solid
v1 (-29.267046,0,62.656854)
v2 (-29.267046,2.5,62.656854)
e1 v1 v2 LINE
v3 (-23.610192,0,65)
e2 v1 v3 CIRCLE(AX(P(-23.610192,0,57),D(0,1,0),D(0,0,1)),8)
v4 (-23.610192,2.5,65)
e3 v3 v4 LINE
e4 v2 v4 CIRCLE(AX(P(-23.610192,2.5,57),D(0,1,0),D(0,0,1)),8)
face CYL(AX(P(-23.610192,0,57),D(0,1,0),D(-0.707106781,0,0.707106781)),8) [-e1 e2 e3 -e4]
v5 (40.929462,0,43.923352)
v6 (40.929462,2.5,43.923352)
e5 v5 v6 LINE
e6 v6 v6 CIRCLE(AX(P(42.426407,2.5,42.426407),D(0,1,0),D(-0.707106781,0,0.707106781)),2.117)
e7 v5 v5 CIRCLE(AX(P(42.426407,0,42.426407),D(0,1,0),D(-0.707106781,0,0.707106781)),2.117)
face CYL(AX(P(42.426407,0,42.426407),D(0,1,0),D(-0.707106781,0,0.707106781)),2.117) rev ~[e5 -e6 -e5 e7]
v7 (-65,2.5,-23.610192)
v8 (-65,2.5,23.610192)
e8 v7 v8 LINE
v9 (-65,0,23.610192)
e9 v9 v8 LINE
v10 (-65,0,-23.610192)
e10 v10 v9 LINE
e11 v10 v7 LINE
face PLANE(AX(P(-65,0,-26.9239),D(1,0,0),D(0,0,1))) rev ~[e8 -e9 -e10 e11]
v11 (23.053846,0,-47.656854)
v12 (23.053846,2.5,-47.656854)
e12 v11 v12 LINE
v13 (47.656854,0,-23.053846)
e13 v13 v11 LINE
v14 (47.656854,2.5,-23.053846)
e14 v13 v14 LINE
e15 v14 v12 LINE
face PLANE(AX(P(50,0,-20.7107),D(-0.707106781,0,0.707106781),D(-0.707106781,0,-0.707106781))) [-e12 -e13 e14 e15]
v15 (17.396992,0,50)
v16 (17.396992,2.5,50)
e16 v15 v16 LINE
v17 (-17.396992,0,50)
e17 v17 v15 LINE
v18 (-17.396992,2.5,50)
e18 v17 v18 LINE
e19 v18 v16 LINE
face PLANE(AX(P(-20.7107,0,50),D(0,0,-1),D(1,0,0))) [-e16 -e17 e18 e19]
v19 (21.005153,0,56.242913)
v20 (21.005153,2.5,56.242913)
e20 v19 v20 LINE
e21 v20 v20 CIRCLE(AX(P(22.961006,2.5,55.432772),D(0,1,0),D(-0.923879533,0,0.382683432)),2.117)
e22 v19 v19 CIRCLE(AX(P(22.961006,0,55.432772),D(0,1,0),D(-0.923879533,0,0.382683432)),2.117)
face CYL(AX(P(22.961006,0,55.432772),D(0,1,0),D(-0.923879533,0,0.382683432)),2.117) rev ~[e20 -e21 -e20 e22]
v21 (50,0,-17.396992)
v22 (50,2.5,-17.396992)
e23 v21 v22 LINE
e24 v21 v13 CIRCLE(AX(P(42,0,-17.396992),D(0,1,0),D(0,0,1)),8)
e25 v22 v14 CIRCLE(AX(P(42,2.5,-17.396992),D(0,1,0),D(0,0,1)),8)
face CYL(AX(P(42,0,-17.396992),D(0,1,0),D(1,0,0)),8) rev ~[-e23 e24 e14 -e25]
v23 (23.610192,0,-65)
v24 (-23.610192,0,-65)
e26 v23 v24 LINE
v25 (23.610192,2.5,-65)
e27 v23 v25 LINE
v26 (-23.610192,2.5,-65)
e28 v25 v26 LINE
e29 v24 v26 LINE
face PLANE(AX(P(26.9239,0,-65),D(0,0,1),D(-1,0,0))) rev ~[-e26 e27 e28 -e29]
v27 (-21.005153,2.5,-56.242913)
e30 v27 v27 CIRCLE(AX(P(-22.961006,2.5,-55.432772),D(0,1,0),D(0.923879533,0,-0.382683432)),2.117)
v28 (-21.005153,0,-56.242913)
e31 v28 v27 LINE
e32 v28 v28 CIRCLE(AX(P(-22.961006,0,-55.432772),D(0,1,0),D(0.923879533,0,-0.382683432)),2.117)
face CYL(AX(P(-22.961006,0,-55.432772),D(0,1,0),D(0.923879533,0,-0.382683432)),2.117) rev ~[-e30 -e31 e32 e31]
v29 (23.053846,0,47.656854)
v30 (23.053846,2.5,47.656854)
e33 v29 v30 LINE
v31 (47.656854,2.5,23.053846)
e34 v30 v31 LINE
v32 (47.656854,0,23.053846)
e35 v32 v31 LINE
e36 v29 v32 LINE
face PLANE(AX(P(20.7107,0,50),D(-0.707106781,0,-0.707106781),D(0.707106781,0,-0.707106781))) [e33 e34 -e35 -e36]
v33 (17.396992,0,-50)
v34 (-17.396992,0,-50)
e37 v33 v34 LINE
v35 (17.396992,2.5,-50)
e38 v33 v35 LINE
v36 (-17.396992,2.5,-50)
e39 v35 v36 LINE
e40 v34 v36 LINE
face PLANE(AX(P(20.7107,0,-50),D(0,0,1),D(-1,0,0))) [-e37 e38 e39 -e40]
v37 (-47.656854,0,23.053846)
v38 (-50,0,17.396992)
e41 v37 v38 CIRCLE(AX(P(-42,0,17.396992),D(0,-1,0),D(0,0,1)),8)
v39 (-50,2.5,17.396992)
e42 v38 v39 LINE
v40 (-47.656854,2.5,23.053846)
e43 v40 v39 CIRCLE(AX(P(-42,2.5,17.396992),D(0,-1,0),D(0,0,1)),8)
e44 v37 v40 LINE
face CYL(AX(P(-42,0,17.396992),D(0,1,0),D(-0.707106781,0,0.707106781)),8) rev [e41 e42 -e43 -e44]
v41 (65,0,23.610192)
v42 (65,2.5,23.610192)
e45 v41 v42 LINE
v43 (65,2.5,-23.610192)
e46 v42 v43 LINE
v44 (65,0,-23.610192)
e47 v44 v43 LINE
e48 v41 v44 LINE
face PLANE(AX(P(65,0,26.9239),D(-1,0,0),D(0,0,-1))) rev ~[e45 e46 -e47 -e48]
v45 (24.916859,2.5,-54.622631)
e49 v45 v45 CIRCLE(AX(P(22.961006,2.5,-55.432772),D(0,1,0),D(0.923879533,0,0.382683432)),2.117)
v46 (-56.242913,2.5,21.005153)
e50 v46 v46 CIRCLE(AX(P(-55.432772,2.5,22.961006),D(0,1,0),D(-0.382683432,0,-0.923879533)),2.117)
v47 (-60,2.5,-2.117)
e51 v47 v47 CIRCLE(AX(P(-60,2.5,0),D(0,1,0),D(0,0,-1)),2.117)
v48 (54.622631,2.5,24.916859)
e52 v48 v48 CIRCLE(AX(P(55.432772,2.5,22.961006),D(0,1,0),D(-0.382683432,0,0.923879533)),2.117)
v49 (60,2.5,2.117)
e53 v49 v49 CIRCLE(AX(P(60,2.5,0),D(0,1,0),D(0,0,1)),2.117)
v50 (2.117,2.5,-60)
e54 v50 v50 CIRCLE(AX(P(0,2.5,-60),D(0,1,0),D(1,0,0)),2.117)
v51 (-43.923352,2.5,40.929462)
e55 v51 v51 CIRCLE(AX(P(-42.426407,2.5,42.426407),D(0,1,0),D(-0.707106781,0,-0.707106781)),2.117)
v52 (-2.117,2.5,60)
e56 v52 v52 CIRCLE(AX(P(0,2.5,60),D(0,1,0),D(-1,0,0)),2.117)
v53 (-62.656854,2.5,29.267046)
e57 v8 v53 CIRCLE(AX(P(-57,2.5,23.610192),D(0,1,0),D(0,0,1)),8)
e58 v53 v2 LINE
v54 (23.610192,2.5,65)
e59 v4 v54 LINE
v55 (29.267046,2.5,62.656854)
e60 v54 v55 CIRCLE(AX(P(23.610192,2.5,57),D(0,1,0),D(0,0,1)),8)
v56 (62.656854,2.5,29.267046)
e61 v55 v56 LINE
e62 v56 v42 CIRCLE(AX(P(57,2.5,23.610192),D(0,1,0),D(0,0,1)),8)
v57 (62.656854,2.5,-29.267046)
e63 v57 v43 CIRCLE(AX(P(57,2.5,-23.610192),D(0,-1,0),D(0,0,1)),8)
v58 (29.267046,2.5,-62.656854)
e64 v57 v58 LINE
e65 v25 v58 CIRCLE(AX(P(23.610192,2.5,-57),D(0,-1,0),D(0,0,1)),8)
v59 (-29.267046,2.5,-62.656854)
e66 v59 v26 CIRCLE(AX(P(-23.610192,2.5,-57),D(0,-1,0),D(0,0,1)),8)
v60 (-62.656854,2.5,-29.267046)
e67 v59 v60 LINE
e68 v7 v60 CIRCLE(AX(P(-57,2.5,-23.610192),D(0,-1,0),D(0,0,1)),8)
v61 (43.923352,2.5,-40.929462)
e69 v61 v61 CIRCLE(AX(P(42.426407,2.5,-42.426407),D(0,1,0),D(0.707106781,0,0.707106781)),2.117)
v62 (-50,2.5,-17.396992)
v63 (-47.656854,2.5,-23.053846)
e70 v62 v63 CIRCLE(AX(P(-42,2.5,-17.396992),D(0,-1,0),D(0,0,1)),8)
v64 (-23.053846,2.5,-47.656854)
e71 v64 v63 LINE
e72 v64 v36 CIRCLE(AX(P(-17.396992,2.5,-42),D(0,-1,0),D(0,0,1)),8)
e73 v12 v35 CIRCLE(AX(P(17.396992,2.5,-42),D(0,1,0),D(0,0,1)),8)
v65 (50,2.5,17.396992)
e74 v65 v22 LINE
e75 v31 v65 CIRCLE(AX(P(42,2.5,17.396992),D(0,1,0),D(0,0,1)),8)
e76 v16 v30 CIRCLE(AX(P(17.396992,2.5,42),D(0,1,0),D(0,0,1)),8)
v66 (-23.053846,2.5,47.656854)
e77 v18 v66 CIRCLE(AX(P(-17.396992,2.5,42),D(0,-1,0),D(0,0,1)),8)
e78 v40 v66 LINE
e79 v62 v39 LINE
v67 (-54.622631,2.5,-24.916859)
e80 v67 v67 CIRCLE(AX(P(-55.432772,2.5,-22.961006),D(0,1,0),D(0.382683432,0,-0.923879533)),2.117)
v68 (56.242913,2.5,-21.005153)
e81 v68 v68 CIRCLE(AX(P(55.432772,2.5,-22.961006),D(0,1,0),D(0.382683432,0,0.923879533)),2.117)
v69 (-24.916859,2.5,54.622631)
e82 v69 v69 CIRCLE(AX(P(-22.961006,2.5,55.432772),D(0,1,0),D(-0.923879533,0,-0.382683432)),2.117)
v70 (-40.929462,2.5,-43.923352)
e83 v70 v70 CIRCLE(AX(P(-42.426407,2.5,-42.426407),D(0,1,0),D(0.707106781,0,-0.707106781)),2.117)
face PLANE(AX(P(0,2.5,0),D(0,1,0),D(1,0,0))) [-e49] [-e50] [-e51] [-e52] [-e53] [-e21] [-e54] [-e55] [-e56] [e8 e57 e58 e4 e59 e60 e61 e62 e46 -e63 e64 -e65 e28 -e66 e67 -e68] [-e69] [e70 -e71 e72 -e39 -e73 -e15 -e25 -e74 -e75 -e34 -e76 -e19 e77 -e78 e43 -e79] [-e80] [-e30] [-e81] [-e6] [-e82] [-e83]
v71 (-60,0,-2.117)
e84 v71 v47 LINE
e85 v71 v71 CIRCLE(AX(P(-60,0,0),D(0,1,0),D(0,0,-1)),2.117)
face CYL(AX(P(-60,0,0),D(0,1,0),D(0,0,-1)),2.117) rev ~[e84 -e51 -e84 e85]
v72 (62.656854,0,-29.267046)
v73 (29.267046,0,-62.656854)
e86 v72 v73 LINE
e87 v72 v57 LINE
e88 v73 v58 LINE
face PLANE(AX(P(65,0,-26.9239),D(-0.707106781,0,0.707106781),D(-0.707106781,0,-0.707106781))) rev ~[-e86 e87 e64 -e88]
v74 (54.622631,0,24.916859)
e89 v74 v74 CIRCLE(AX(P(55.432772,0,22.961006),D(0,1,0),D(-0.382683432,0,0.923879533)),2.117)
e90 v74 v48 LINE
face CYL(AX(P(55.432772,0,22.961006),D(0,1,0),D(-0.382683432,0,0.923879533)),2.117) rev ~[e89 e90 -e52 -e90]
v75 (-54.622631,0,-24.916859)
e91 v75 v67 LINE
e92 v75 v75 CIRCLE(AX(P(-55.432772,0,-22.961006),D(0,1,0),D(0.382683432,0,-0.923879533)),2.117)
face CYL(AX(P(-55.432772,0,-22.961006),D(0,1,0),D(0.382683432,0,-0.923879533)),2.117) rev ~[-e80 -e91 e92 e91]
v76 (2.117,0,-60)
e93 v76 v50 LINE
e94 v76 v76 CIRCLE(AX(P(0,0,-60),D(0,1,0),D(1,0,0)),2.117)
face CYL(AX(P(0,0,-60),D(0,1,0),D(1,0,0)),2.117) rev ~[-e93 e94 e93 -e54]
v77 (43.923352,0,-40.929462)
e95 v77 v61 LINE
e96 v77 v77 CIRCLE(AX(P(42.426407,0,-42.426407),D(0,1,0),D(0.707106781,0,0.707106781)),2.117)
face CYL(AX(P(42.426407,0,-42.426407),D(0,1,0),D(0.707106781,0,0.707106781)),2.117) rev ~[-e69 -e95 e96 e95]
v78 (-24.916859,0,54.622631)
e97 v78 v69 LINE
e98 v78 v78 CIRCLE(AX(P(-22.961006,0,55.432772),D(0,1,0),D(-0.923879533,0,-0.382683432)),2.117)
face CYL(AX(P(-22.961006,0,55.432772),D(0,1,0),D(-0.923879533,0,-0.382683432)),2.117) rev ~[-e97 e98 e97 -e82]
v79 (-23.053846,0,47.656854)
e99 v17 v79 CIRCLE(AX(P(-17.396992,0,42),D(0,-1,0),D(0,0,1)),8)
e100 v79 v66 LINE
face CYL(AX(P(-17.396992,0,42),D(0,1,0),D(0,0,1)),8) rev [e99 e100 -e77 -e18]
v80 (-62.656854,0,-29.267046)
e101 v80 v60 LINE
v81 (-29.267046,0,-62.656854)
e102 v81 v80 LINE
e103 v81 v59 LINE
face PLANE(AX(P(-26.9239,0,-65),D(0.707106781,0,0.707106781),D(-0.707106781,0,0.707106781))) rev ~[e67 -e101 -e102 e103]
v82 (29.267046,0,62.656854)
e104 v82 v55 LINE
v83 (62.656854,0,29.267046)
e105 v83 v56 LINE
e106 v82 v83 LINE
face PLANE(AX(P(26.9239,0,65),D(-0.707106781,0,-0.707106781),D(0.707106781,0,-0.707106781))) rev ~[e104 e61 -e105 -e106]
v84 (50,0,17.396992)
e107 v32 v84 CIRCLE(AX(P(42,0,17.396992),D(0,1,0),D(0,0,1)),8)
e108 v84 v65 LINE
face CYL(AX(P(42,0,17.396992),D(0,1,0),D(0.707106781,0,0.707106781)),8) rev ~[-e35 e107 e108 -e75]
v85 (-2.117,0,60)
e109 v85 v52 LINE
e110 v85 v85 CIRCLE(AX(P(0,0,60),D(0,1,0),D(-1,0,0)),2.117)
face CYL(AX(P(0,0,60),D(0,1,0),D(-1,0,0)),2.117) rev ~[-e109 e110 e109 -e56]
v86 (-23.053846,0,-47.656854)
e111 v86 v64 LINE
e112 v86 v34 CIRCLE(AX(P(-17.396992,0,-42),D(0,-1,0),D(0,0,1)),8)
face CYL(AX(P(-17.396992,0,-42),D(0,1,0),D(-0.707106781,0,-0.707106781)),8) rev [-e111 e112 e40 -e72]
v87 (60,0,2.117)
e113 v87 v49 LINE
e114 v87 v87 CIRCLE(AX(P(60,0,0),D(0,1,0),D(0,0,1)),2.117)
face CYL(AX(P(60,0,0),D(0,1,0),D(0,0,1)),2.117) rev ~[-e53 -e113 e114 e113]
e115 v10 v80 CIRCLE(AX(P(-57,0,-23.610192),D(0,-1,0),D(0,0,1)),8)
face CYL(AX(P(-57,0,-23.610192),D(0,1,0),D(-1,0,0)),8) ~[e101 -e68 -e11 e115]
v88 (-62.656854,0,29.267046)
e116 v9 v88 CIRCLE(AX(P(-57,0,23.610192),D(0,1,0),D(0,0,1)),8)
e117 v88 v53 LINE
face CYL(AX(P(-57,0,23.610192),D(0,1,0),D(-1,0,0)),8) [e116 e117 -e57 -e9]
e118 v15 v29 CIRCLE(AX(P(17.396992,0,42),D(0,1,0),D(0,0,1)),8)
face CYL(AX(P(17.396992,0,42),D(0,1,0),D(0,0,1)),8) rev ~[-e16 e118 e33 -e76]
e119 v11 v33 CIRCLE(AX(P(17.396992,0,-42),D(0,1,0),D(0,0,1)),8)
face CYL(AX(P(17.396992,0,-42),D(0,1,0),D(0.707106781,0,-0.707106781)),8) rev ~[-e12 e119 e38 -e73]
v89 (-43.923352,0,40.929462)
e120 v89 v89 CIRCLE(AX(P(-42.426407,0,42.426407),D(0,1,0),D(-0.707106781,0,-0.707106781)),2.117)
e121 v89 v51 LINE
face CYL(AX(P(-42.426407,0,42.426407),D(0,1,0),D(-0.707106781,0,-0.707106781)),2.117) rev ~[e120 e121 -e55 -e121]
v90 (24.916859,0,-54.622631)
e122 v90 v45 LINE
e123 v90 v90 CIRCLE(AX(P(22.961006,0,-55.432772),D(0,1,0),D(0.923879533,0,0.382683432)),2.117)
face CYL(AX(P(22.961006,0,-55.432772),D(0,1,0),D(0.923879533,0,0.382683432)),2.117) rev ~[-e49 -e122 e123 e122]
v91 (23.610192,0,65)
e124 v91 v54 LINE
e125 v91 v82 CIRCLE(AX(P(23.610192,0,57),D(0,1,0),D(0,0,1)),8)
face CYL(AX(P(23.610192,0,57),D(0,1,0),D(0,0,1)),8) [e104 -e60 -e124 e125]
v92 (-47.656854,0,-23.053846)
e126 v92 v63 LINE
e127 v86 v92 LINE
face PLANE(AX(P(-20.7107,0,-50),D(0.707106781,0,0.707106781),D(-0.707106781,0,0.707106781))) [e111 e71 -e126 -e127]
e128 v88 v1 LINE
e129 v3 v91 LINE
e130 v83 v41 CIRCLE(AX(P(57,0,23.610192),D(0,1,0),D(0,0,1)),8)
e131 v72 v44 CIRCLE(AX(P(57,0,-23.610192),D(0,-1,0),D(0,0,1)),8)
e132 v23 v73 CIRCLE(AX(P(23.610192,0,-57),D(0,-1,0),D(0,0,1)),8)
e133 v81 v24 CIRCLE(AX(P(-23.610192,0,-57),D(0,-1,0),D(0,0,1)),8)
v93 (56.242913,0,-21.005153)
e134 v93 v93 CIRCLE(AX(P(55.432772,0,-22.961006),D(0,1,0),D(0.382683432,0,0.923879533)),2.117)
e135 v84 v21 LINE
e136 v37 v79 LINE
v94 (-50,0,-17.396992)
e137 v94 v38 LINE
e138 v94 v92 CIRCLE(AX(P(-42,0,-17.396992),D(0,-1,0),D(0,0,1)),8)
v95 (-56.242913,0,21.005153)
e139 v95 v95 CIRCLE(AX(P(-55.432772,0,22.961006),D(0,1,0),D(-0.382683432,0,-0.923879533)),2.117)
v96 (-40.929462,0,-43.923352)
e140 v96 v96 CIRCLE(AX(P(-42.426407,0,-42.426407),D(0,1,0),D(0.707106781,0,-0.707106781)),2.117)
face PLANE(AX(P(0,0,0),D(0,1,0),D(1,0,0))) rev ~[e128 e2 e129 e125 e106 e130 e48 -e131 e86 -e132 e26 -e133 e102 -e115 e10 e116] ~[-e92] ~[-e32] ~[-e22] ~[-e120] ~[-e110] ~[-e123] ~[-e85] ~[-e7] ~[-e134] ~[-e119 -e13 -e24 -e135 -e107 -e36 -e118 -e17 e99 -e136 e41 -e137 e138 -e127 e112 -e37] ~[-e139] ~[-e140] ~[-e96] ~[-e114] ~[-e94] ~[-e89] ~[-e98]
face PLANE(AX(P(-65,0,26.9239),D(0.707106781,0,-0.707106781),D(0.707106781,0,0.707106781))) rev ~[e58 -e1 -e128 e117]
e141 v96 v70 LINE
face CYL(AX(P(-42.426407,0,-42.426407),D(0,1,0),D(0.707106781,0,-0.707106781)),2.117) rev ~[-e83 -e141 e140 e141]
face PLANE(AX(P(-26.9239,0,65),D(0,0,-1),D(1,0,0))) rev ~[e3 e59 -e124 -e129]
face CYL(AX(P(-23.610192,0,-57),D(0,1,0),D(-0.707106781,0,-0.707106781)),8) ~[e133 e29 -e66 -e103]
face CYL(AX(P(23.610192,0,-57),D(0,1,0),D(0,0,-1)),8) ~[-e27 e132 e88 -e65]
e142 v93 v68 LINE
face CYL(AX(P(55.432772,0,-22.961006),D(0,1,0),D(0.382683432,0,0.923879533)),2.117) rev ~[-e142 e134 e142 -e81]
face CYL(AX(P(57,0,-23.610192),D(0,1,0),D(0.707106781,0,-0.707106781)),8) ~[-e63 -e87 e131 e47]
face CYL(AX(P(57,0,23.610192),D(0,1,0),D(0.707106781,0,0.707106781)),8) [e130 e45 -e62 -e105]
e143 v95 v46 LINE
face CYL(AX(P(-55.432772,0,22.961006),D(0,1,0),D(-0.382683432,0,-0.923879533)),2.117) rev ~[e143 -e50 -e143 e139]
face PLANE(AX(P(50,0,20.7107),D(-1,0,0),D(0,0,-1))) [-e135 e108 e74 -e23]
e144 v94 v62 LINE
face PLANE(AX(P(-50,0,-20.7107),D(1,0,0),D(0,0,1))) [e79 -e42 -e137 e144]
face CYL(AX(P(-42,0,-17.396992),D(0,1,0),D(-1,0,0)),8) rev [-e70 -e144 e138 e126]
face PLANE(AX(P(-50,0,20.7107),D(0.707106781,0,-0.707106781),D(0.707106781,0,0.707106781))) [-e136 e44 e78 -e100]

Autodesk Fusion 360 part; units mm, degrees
sketch "Sketch1" plane through (0, 0, 0) normal (0, 1, 0) x (1, 0, 0)
  circle A0 centre (0, 0) radius 60 construction
  line L0 (-65, -26.9239) -> (-26.9239, -65)
  line L1 (-26.9239, -65) -> (26.9239, -65)
  line L2 (26.9239, -65) -> (65, -26.9239)
  line L3 (65, -26.9239) -> (65, 26.9239)
  line L4 (65, 26.9239) -> (26.9239, 65)
  line L5 (26.9239, 65) -> (-26.9239, 65)
  line L6 (-26.9239, 65) -> (-65, 26.9239)
  line L7 (-65, 26.9239) -> (-65, -26.9239)
  line L8 (-20.7107, -50) -> (20.7107, -50)
  line L9 (20.7107, -50) -> (50, -20.7107)
  line L10 (50, -20.7107) -> (50, 20.7107)
  line L11 (50, 20.7107) -> (20.7107, 50)
  line L12 (20.7107, 50) -> (-20.7107, 50)
  line L13 (-20.7107, 50) -> (-50, 20.7107)
  line L14 (-50, 20.7107) -> (-50, -20.7107)
  line L15 (-50, -20.7107) -> (-20.7107, -50)
  point P0 (-60, 0)
  dimension "d1" = 120
  dimension "d2" = 65
  dimension "d3" = 130
  dimension "d4" = -15
extrude "Extrude1" add sketch "Sketch1" along normal blind 2.5
hole "Hole1" at (-60, 0, 0) direction (0, 1, 0) diameter 4.234 depth 100 tip angle 118
pattern_circular "C-Pattern1" count 16 over 360 about axis through (0, 1.75, 0) along (0, 1, 0) of "Hole1"
fillet "Fillet1" radius 8 16 edges at (-26.9239, 1.25, 65) (26.9239, 1.25, 65) (65, 1.25, 26.9239) (65, 1.25, -26.9239) (26.9239, 1.25, -65) (-26.9239, 1.25, -65) (-65, 1.25, -26.9239) (-65, 1.25, 26.9239) (20.7107, 1.25, -50) (50, 1.25, -20.7107) (50, 1.25, 20.7107) (20.7107, 1.25, 50) (-20.7107, 1.25, 50) (-50, 1.25, 20.7107) (-50, 1.25, -20.7107) (-20.7107, 1.25, -50)
sketch "stage 2 connector clamp cutting pattern" plane through (0, 2.5, 0) normal (0, 1, 0) x (-1, 0, 0)
  arc A0 (65, 23.6102) -> (62.6569, 29.267) centre (57, 23.6102) ccw
  line L0 (62.6569, 29.267) -> (29.267, 62.6569)
  arc A1 (29.267, 62.6569) -> (23.6102, 65) centre (23.6102, 57) ccw
  line L1 (23.6102, 65) -> (-23.6102, 65)
  arc A2 (-23.6102, 65) -> (-29.267, 62.6569) centre (-23.6102, 57) ccw
  line L2 (-29.267, 62.6569) -> (-62.6569, 29.267)
  arc A3 (-62.6569, 29.267) -> (-65, 23.6102) centre (-57, 23.6102) ccw
  line L3 (-65, 23.6102) -> (-65, -23.6102)
  arc A4 (-65, -23.6102) -> (-62.6569, -29.267) centre (-57, -23.6102) ccw
  line L4 (-62.6569, -29.267) -> (-29.267, -62.6569)
  arc A5 (-29.267, -62.6569) -> (-23.6102, -65) centre (-23.6102, -57) ccw
  line L5 (-23.6102, -65) -> (23.6102, -65)
  arc A6 (23.6102, -65) -> (29.267, -62.6569) centre (23.6102, -57) ccw
  line L6 (29.267, -62.6569) -> (62.6569, -29.267)
  arc A7 (62.6569, -29.267) -> (65, -23.6102) centre (57, -23.6102) ccw
  line L7 (65, -23.6102) -> (65, 23.6102)
  circle A8 centre (55.4328, -22.961) radius 2.117
  circle A9 centre (42.4264, -42.4264) radius 2.117
  circle A10 centre (22.961, -55.4328) radius 2.117
  circle A11 centre (0, -60) radius 2.117
  circle A12 centre (-22.961, -55.4328) radius 2.117
  circle A13 centre (-42.4264, -42.4264) radius 2.117
  circle A14 centre (-55.4328, -22.961) radius 2.117
  circle A15 centre (-60, 0) radius 2.117
  circle A16 centre (-55.4328, 22.961) radius 2.117
  circle A17 centre (-42.4264, 42.4264) radius 2.117
  circle A18 centre (-22.961, 55.4328) radius 2.117
  circle A19 centre (0, 60) radius 2.117
  circle A20 centre (22.961, 55.4328) radius 2.117
  circle A21 centre (42.4264, 42.4264) radius 2.117
  circle A22 centre (55.4328, 22.961) radius 2.117
  circle A23 centre (60, 0) radius 2.117
  line L8 (23.0538, 47.6569) -> (47.6569, 23.0538)
  arc A24 (50, 17.397) -> (47.6569, 23.0538) centre (42, 17.397) ccw
  line L9 (50, 17.397) -> (50, -17.397)
  arc A25 (47.6569, -23.0538) -> (50, -17.397) centre (42, -17.397) ccw
  line L10 (47.6569, -23.0538) -> (23.0538, -47.6569)
  arc A26 (17.397, -50) -> (23.0538, -47.6569) centre (17.397, -42) ccw
  line L11 (17.397, -50) -> (-17.397, -50)
  arc A27 (-23.0538, -47.6569) -> (-17.397, -50) centre (-17.397, -42) ccw
  line L12 (-23.0538, -47.6569) -> (-47.6569, -23.0538)
  arc A28 (-50, -17.397) -> (-47.6569, -23.0538) centre (-42, -17.397) ccw
  line L13 (-50, -17.397) -> (-50, 17.397)
  arc A29 (-47.6569, 23.0538) -> (-50, 17.397) centre (-42, 17.397) ccw
  line L14 (-47.6569, 23.0538) -> (-23.0538, 47.6569)
  arc A30 (-17.397, 50) -> (-23.0538, 47.6569) centre (-17.397, 42) ccw
  line L15 (-17.397, 50) -> (17.397, 50)
  arc A31 (23.0538, 47.6569) -> (17.397, 50) centre (17.397, 42) ccw
